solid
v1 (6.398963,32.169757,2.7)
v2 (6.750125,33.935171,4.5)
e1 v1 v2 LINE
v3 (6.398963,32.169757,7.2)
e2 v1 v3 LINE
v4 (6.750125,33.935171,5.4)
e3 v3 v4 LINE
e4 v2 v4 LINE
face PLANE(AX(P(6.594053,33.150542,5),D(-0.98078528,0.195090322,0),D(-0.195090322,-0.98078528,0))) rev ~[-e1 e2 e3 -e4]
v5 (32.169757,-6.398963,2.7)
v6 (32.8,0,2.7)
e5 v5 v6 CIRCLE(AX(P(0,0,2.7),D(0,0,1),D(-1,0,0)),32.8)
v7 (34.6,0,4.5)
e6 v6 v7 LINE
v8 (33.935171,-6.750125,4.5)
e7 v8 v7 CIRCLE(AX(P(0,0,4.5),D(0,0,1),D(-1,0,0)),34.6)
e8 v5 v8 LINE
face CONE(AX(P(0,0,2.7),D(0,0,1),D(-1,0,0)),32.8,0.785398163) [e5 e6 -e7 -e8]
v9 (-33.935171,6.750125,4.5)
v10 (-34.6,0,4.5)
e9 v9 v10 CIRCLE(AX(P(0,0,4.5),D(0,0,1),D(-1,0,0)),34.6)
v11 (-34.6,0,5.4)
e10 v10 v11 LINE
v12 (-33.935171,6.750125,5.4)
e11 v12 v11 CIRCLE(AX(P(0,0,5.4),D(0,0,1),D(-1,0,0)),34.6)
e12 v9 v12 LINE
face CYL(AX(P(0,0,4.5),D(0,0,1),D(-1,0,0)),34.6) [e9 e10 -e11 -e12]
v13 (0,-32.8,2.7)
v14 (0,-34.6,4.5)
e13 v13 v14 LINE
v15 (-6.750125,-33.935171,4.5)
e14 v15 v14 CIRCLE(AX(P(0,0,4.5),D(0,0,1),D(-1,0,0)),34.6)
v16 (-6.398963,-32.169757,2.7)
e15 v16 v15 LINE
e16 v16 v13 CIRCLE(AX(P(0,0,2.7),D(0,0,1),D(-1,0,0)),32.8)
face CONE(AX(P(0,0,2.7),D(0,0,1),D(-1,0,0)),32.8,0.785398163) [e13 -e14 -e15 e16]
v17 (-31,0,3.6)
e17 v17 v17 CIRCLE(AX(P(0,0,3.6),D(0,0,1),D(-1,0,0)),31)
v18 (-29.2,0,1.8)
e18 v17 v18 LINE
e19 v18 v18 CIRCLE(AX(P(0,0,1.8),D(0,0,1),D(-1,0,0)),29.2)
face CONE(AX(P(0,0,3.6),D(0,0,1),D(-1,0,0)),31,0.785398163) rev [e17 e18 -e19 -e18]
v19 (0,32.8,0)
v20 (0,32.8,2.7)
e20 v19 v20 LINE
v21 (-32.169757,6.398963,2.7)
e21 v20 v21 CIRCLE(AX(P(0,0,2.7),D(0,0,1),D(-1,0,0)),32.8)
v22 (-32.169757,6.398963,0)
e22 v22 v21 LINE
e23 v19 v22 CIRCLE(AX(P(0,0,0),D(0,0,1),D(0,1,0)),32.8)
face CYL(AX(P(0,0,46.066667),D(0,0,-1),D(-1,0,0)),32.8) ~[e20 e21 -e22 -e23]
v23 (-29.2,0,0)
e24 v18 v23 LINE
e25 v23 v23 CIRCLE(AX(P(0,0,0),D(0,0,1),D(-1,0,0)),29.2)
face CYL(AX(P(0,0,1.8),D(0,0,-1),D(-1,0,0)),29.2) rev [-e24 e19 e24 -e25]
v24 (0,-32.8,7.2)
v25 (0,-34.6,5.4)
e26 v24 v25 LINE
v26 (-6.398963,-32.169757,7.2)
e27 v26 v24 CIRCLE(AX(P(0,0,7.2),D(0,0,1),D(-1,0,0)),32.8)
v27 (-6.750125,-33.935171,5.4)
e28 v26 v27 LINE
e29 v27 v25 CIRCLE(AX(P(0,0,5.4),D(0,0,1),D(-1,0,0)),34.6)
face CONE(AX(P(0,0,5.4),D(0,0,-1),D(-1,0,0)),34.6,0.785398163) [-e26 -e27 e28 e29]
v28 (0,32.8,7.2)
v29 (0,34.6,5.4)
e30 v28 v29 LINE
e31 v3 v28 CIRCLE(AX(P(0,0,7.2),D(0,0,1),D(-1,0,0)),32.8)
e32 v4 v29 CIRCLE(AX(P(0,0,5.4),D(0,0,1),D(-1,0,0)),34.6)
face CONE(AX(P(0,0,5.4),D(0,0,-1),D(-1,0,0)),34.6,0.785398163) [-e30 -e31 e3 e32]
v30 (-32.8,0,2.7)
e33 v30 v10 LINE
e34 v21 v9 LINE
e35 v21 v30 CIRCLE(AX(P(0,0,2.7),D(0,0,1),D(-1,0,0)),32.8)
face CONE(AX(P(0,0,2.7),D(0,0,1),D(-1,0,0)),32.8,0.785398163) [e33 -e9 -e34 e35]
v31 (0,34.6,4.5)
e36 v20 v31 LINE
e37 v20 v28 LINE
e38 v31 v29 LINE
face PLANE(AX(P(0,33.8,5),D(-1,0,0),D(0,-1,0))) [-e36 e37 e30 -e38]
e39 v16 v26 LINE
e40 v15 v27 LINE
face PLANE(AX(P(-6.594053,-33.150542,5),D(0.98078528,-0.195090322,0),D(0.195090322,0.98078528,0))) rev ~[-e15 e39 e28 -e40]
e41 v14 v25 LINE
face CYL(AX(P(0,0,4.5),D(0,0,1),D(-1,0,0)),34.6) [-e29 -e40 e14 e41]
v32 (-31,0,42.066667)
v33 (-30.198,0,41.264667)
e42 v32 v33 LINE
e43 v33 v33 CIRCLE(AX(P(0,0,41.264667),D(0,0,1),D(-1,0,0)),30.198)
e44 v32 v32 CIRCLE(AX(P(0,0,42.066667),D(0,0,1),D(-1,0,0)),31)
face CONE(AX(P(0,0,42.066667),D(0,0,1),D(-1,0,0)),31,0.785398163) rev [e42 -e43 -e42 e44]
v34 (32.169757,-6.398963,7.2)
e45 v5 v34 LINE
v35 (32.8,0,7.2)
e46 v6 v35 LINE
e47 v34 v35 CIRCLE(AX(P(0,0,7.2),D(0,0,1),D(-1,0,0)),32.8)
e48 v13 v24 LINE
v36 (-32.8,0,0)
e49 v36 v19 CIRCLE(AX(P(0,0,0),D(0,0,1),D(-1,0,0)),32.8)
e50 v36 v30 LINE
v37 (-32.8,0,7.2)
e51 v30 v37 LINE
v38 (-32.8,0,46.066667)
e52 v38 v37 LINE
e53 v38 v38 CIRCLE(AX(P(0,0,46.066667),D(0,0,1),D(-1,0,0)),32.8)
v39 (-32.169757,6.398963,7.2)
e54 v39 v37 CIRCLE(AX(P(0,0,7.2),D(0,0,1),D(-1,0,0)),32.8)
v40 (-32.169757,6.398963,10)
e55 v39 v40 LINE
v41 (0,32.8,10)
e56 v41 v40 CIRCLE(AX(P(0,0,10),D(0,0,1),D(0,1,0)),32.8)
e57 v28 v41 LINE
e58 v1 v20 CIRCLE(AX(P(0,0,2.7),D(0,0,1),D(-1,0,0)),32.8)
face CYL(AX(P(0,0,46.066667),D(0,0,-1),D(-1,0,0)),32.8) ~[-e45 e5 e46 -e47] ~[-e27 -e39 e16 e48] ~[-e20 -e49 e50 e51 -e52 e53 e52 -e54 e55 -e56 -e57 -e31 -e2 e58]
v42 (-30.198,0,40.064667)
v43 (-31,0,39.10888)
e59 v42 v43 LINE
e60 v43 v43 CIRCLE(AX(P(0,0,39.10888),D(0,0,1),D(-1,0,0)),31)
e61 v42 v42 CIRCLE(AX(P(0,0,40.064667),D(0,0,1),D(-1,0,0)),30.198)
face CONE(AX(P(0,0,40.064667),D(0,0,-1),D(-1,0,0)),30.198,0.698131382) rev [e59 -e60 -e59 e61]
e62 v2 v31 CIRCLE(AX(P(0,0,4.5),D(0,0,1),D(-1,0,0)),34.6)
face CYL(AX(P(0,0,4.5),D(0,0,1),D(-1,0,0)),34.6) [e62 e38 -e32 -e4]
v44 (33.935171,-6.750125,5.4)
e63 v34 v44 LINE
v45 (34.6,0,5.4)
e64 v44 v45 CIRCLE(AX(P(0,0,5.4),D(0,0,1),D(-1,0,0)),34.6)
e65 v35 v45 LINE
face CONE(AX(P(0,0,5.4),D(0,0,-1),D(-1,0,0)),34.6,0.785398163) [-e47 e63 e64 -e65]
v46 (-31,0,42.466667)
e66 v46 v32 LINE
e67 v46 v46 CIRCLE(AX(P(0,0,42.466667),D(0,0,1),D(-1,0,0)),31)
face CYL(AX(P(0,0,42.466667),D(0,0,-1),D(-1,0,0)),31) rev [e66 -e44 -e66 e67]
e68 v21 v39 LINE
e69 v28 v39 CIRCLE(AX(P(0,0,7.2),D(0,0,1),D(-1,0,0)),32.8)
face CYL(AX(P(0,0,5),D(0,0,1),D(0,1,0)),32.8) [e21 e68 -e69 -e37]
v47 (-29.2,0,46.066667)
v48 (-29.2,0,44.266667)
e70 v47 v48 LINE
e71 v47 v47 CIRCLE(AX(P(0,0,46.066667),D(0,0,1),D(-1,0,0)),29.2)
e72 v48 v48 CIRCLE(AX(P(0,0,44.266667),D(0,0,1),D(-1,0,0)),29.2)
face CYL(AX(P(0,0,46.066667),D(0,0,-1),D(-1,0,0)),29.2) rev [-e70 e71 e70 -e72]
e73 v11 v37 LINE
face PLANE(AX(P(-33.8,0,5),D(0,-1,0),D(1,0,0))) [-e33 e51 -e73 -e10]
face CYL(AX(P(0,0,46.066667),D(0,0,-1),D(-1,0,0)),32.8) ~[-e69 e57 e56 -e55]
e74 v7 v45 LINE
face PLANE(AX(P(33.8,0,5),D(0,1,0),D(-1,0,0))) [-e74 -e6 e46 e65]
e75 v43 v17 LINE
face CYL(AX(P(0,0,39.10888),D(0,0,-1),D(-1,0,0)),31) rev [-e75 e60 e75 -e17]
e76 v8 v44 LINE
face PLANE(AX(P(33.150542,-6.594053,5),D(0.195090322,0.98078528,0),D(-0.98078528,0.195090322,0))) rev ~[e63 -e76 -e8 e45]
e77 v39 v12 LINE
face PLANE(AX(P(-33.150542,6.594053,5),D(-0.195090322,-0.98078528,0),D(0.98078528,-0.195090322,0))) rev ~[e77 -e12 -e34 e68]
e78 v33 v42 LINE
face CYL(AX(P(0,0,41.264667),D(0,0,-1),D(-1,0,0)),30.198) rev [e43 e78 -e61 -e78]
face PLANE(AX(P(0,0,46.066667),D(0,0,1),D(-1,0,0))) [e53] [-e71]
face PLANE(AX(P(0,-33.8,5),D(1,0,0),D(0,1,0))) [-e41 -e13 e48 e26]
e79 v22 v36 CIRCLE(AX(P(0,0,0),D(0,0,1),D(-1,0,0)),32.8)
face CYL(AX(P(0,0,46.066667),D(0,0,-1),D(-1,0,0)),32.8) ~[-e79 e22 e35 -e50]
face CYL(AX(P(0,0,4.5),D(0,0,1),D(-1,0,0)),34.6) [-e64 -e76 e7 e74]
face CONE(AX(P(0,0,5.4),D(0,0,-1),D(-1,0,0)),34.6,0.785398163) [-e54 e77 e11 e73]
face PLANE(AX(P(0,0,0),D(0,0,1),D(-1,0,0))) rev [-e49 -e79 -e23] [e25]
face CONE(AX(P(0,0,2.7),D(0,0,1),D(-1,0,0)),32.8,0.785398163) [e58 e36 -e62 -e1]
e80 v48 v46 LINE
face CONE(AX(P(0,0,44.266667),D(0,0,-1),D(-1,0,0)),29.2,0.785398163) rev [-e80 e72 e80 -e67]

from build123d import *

# Parameters (mm, degrees)
SKETCH003_W        = 2
SKETCH003_H        = 10
GROOVE_ANGLE       = 78.75
POLARPATTERN_COUNT = 4


with BuildPart() as part:
    # Sketch002 → Revolution002 (revolve)
    with BuildSketch(Plane.XZ):
        Polygon((-32.8, 46.066667), (-29.2, 46.066667), (-29.2, 44.266667), (-31, 42.466667), (-31, 42.066667), (-30.198, 41.264667), (-30.198, 40.064667), (-31, 39.10888), (-31, 3.6), (-29.2, 1.8), (-29.2, 0), (-32.8, 0), (-32.8, 2.7), (-34.6, 4.5), (-34.6, 5.4), (-32.8, 7.2), (-32.8, 44.266667), align=None)
    revolve(axis=Axis((0, 0, 0), (0, 0, 1)))

    # Sketch003 → Groove (revolve, cut)
    with BuildSketch(Plane.XZ):
        with Locations((-33.8, 5)):
            Rectangle(SKETCH003_W, SKETCH003_H)
    groove = revolve(axis=Axis((0, 0, 0), (0, 0, 1)), revolution_arc=GROOVE_ANGLE, mode=Mode.SUBTRACT)

    # PolarPattern: Groove ×4 about axis
    polarpattern_axis = Axis((0, 0, 0), (0, 0, 1))
    for i in range(1, POLARPATTERN_COUNT):
        add(groove.rotate(polarpattern_axis, i * 360 / POLARPATTERN_COUNT), mode=Mode.SUBTRACT)


solid = part.part
